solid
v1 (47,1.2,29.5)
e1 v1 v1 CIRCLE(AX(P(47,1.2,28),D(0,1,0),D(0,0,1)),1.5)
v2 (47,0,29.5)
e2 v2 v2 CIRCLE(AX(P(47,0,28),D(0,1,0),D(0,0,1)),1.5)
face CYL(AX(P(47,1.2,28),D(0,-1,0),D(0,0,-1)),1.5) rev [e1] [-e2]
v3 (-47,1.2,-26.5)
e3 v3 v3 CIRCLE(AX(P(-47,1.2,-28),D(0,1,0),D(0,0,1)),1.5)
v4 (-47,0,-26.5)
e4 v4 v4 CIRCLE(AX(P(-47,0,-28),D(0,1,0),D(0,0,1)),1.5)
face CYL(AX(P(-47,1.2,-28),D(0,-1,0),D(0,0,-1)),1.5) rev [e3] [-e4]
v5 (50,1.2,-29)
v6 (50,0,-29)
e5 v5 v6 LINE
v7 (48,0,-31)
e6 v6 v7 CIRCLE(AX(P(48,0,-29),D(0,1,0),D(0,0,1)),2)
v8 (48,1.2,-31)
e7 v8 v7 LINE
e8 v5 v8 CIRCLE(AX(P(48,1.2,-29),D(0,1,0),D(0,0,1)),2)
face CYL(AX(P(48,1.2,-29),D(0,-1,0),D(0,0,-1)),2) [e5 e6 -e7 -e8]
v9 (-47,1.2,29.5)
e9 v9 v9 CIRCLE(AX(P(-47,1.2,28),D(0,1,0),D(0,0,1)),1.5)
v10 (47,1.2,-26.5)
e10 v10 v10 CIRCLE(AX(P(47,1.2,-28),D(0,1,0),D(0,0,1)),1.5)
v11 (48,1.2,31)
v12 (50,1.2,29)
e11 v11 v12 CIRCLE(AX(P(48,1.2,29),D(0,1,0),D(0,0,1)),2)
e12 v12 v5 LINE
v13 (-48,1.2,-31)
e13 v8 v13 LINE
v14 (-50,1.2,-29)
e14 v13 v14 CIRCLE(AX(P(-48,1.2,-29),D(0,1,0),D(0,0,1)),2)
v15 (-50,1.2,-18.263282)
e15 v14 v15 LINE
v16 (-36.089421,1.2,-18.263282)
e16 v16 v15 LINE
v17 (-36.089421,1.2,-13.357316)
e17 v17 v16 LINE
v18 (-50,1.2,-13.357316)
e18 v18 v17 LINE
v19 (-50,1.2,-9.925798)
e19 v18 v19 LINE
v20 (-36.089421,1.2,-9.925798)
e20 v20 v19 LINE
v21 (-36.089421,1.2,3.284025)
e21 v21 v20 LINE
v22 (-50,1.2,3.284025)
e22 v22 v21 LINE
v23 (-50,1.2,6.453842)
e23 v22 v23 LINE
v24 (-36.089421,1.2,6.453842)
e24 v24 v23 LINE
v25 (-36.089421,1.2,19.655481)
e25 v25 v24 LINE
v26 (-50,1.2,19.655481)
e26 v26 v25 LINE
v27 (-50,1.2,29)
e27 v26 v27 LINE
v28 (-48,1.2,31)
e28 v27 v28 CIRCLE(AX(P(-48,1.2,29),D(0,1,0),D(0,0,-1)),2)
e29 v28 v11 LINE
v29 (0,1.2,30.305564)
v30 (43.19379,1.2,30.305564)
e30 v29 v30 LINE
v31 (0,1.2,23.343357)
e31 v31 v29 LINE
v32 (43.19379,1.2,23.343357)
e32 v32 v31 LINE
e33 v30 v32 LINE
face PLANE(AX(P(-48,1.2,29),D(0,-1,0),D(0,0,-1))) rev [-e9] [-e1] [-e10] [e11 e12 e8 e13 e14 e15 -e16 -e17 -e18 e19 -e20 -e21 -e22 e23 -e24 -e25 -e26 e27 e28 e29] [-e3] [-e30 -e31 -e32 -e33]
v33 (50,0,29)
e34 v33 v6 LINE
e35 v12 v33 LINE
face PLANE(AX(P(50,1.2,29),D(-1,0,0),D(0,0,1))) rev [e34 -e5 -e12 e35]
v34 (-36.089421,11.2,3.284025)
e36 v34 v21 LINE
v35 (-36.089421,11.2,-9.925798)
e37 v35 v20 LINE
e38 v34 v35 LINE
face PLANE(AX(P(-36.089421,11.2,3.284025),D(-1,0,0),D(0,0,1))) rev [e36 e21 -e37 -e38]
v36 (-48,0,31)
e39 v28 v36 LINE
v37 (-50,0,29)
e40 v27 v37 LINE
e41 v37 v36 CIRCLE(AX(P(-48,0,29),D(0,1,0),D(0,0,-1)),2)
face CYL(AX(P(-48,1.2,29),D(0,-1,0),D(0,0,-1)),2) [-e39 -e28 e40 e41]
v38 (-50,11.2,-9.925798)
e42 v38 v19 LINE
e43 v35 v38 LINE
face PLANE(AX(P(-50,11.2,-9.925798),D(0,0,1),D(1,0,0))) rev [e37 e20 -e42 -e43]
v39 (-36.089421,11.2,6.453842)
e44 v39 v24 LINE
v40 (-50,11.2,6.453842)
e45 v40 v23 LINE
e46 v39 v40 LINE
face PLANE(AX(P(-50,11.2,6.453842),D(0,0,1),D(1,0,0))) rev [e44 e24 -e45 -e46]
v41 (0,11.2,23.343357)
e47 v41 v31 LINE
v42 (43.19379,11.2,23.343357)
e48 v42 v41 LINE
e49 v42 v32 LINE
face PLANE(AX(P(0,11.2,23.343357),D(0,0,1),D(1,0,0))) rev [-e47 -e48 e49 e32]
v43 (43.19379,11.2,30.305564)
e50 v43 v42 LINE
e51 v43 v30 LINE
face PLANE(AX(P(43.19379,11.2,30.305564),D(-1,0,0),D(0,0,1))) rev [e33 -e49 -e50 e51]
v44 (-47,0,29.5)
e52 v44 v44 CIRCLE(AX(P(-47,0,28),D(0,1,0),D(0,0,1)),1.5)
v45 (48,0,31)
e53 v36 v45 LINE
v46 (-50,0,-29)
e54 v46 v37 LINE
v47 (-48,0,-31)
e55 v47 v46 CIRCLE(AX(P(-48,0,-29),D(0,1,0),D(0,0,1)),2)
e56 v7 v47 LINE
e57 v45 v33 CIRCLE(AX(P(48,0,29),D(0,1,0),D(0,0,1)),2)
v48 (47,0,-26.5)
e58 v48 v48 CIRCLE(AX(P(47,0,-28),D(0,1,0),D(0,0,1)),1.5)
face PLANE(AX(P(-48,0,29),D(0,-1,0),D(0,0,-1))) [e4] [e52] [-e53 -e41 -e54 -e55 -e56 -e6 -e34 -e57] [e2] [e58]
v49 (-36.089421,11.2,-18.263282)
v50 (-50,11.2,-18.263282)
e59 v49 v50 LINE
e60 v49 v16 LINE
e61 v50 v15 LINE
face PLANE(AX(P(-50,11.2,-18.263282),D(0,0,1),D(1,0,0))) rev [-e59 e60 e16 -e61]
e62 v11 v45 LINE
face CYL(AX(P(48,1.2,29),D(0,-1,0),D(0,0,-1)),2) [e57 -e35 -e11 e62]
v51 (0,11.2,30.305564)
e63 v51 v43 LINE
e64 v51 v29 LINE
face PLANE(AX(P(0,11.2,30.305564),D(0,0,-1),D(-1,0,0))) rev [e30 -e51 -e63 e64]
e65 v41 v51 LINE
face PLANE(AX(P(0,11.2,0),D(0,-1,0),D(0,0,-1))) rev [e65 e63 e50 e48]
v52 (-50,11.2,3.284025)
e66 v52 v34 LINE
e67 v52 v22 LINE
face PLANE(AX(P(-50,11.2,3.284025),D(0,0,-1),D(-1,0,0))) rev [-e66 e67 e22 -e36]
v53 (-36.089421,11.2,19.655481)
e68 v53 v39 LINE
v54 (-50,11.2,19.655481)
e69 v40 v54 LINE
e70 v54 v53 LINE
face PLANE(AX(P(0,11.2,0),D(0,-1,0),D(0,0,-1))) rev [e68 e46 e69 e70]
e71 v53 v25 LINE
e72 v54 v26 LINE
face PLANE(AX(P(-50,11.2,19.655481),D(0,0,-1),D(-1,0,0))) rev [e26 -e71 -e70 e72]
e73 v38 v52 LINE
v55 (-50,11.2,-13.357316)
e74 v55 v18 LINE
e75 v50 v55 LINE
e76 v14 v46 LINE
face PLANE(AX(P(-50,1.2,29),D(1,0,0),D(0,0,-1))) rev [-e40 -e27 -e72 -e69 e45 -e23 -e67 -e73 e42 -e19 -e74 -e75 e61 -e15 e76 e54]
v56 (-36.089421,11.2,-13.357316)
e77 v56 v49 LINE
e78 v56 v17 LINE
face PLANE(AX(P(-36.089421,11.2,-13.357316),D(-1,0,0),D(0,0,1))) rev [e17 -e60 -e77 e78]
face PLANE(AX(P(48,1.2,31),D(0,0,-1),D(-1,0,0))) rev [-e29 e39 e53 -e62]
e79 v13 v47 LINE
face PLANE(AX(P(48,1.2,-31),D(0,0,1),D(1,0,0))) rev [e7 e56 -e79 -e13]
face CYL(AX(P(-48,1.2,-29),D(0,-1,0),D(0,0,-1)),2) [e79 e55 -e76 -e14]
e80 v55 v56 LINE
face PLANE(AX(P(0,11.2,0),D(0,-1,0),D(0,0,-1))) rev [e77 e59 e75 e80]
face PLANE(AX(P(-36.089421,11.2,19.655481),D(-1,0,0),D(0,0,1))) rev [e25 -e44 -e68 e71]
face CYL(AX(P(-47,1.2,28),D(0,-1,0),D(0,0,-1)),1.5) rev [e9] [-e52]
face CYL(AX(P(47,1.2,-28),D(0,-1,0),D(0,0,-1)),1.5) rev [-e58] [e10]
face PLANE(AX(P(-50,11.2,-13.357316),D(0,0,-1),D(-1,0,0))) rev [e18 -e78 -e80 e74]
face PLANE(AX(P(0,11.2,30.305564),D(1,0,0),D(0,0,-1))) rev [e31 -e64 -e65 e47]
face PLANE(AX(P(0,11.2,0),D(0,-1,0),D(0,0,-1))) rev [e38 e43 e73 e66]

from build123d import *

# Parameters (mm, degrees)
SKETCH_1_R      = 1.5
EXTRUDE_1_DEPTH = 1.2
SKETCH_2_W      = 13.910579459
SKETCH_2_H      = 13.201638929
SKETCH_2_H_2    = 13.209823538
SKETCH_2_H_3    = 4.905965234
EXTRUDE_2_DEPTH = 10
SKETCH_3_W      = 43.193790083
SKETCH_3_H      = 6.962206473
EXTRUDE_3_DEPTH = 10


with BuildPart() as part:
    # 草图1 → 凸台-拉伸1 (new body)
    with BuildSketch(Plane(origin=(0, 0, 0), x_dir=(1, 0, 0), z_dir=(0, 1, 0))):
        with BuildLine():
            Line((48, -31), (-48, -31))
            ThreePointArc((-48, -31), (-49.414213562, -30.414213562), (-50, -29))
            Line((-50, -29), (-50, 29))
            ThreePointArc((-50, 29), (-49.414213562, 30.414213562), (-48, 31))
            Line((-48, 31), (48, 31))
            ThreePointArc((48, 31), (49.414213562, 30.414213562), (50, 29))
            Line((50, 29), (50, -29))
            ThreePointArc((50, -29), (49.414213562, -30.414213562), (48, -31))
        make_face()
        with Locations(Location((-47, 28, 0), (0, 0, 270))):
            Circle(SKETCH_1_R, mode=Mode.SUBTRACT)
        with Locations(Location((47, 28, 0), (0, 0, 270))):
            Circle(SKETCH_1_R, mode=Mode.SUBTRACT)
        with Locations(Location((47, -28, 0), (0, 0, 270))):
            Circle(SKETCH_1_R, mode=Mode.SUBTRACT)
        with Locations(Location((-47, -28, 0), (0, 0, 270))):
            Circle(SKETCH_1_R, mode=Mode.SUBTRACT)
    extrude(amount=EXTRUDE_1_DEPTH)

    # 草图2 → 凸台-拉伸2 (add)
    with BuildSketch(Plane(origin=(0, 1.2, 0), x_dir=(1, 0, 0), z_dir=(0, 1, 0))):
        with Locations((-43.044710271, -13.054661049)):
            Rectangle(SKETCH_2_W, SKETCH_2_H)
        with Locations((-43.044710271, 3.320886699)):
            Rectangle(SKETCH_2_W, SKETCH_2_H_2)
        with Locations((-43.044710271, 15.810299107)):
            Rectangle(SKETCH_2_W, SKETCH_2_H_3)
    extrude(amount=EXTRUDE_2_DEPTH)

    # 草图3 → 凸台-拉伸3 (add)
    with BuildSketch(Plane(origin=(0, 1.2, 0), x_dir=(1, 0, 0), z_dir=(0, 1, 0))):
        with Locations((21.596895042, -26.824460666)):
            Rectangle(SKETCH_3_W, SKETCH_3_H)
    extrude(amount=EXTRUDE_3_DEPTH)


solid = part.part
